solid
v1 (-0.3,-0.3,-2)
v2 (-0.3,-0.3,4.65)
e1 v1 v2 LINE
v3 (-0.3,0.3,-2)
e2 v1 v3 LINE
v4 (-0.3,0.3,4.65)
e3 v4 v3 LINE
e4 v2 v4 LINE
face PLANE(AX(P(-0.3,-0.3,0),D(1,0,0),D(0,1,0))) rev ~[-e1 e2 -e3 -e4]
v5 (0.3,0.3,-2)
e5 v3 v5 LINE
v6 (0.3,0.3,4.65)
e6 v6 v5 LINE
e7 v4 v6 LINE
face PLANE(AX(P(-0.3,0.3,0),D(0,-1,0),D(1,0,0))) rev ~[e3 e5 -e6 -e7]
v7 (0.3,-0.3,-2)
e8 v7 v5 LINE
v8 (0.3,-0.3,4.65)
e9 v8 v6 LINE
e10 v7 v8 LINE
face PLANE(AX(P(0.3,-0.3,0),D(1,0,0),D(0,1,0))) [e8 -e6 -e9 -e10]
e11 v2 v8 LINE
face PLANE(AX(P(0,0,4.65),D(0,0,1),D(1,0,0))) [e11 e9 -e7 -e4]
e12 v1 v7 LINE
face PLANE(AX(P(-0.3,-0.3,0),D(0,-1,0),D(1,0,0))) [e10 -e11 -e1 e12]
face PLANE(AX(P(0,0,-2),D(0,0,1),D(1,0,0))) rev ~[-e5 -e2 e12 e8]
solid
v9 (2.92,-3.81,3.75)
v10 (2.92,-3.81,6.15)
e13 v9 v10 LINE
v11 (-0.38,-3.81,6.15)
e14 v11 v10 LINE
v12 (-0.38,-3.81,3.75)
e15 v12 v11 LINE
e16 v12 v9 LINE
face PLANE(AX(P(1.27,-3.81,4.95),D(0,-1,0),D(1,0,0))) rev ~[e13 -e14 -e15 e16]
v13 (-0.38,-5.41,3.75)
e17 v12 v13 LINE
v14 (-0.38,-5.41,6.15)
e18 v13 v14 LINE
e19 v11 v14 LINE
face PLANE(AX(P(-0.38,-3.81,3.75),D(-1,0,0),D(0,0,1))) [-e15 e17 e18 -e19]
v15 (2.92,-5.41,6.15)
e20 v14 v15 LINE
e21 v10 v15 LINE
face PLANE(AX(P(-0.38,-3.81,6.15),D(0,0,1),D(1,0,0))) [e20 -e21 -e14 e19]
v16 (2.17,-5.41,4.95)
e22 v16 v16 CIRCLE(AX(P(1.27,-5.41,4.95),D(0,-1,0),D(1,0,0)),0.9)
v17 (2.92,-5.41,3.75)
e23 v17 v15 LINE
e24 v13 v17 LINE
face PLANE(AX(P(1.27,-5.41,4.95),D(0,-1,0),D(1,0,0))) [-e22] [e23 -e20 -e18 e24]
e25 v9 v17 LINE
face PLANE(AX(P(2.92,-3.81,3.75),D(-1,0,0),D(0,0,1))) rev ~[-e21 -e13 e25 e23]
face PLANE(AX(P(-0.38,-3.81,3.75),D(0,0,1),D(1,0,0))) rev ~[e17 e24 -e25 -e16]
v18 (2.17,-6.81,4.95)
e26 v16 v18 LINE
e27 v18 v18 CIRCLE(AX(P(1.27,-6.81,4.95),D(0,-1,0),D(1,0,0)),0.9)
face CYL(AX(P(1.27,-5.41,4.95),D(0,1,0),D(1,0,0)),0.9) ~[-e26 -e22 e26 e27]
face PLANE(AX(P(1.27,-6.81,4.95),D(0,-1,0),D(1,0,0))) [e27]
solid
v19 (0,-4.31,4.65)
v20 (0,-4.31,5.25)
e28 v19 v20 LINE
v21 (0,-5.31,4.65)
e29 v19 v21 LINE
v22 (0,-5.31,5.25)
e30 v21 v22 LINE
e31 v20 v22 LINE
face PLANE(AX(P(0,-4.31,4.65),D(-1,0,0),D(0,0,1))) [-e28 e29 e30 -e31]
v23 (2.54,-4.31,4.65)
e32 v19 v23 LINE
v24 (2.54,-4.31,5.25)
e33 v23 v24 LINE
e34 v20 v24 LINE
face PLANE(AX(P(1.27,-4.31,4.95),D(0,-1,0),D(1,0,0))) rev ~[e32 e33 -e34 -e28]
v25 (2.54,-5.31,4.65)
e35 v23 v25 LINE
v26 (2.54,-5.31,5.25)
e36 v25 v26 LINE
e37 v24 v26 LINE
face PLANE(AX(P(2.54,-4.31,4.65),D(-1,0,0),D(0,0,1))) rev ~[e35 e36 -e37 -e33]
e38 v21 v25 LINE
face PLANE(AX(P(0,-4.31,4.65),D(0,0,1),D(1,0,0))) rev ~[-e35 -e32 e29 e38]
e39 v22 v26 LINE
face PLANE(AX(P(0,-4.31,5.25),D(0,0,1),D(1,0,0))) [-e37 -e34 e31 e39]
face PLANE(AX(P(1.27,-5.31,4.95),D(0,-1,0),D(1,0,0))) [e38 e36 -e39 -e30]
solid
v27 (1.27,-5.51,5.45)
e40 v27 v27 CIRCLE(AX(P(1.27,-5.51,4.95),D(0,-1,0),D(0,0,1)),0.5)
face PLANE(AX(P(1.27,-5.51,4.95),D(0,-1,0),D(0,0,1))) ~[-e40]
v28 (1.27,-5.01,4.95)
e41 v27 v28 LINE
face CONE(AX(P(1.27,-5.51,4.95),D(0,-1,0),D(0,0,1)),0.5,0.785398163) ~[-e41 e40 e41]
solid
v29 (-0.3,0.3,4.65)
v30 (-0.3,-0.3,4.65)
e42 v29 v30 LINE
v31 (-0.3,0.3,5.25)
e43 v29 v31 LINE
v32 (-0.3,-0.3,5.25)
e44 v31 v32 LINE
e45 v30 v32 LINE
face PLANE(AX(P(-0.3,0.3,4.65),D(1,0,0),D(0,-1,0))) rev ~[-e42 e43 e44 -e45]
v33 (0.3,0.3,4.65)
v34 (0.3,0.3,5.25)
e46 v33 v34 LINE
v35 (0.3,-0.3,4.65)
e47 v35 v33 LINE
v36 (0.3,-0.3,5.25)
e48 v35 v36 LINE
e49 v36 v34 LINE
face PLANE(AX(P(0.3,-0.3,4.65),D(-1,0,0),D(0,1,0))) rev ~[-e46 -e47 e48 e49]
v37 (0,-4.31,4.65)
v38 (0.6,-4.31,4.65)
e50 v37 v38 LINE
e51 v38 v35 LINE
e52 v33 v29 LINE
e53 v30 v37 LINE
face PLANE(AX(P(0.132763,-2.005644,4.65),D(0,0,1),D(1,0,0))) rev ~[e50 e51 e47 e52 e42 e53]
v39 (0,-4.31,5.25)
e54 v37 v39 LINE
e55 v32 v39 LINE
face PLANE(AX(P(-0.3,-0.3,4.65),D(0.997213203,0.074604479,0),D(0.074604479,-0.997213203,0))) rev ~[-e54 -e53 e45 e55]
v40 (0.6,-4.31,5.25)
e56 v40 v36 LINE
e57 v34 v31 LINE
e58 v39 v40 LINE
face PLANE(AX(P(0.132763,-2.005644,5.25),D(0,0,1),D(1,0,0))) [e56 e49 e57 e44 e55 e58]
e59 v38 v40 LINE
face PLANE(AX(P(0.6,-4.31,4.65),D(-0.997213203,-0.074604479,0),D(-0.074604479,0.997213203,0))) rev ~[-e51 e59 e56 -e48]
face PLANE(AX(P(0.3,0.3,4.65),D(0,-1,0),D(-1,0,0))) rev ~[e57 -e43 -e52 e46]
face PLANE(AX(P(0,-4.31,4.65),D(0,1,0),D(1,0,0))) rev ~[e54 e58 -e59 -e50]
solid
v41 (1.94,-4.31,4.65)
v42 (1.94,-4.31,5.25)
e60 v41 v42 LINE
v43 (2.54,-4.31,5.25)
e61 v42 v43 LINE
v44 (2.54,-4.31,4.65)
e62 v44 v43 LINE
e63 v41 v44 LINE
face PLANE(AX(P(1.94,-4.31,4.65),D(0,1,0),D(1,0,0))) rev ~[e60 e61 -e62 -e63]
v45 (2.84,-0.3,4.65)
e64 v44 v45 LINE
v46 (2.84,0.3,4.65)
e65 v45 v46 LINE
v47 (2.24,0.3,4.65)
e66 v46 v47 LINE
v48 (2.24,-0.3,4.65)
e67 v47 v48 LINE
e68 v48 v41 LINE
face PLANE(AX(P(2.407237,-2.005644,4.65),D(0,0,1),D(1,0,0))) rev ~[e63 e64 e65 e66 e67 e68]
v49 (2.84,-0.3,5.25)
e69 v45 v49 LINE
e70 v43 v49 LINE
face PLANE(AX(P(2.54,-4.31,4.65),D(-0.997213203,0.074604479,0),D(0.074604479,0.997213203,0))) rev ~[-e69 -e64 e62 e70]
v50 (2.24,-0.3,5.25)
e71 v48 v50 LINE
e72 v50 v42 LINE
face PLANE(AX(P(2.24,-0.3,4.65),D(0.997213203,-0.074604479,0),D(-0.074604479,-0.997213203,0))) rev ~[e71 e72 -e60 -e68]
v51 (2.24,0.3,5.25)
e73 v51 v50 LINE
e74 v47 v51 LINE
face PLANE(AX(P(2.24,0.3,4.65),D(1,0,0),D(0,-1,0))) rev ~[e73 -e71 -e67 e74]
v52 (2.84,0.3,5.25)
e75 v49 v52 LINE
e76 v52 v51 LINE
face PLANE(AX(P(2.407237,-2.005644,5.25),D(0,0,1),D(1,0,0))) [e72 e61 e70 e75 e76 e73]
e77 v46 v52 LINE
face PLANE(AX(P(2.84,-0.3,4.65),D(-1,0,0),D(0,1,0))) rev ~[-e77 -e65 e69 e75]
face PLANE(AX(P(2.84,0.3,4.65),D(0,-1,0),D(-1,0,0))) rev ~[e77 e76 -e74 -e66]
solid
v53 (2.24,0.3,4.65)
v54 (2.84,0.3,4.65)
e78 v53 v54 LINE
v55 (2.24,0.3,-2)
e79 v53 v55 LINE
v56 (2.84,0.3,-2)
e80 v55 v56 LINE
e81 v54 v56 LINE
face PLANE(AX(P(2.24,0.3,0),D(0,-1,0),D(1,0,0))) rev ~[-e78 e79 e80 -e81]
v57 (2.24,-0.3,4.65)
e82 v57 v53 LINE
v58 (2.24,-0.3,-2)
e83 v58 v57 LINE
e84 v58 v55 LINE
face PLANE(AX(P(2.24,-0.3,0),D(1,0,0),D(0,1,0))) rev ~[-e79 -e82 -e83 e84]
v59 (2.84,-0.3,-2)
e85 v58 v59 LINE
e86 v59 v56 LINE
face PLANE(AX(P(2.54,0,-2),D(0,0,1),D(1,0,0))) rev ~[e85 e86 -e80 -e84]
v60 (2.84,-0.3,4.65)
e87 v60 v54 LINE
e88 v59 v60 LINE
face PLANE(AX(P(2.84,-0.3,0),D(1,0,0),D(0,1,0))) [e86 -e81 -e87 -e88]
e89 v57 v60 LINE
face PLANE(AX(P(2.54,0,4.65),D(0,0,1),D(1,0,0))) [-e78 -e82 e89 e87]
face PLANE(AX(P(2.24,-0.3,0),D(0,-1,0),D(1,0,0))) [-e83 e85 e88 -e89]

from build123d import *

# Parameters (mm, degrees)
SKETCH_W       = 0.6
SKETCH_H       = 0.6
PAD_DEPTH      = 4.65
PAD_DEPTH_BACK = 2
PAD001_DEPTH   = 0.6
SKETCH002_W    = 2.54
SKETCH002_H    = 0.6
PAD002_DEPTH   = 1
SKETCH004_W    = 3.3
SKETCH004_H    = 2.4
PAD003_DEPTH   = 1.6
SKETCH006_R    = 0.9
PAD004_DEPTH   = 1.4


with BuildPart() as pad:
    # Sketch → Pad (new body, two sides)
    with BuildSketch(Plane.XY) as pad_sk:
        Rectangle(SKETCH_W, SKETCH_H)
        with Locations((2.54, 0)):
            Rectangle(SKETCH_W, SKETCH_H)
    extrude(amount=PAD_DEPTH)
    extrude(pad_sk.sketch, amount=-PAD_DEPTH_BACK)


with BuildPart() as pad001:
    # Sketch001 → Pad001 (new body)
    with BuildSketch(Plane.XY.offset(4.65)):
        Polygon((0.3, 0.3), (-0.3, 0.3), (-0.3, -0.3), (0, -4.31), (0.6, -4.31), (0.3, -0.3), align=None)
        Polygon((2.84, 0.3), (2.24, 0.3), (2.24, -0.3), (1.94, -4.31), (2.54, -4.31), (2.84, -0.3), align=None)
    extrude(amount=PAD001_DEPTH)


with BuildPart() as pad002:
    # Sketch002 → Pad002 (new body)
    with BuildSketch(Plane.XZ.offset(4.31)):
        with Locations((1.27, 4.95)):
            Rectangle(SKETCH002_W, SKETCH002_H)
    extrude(amount=PAD002_DEPTH)


with BuildPart() as revolution001:
    # Sketch005 → Revolution001 (revolve)
    with BuildSketch(Plane.YZ.offset(1.27)):
        Polygon((-5.01, 4.95), (-5.51, 4.95), (-5.51, 5.45), align=None)
    revolve(axis=Axis((1.27, -3.977201, 4.95), (0, -1, 0)))


with BuildPart() as pad004:
    # Sketch004 → Pad003 (new body)
    with BuildSketch(Plane.XZ.offset(3.81)):
        with Locations((1.27, 4.95)):
            Rectangle(SKETCH004_W, SKETCH004_H)
    extrude(amount=PAD003_DEPTH)

    # Sketch006 → Pad004 (new body)
    with BuildSketch(Plane.XZ.offset(5.41)):
        with Locations((1.27, 4.95)):
            Circle(SKETCH006_R)
    extrude(amount=PAD004_DEPTH)


solid = Compound([pad.part, pad001.part, pad002.part, revolution001.part, pad004.part])
